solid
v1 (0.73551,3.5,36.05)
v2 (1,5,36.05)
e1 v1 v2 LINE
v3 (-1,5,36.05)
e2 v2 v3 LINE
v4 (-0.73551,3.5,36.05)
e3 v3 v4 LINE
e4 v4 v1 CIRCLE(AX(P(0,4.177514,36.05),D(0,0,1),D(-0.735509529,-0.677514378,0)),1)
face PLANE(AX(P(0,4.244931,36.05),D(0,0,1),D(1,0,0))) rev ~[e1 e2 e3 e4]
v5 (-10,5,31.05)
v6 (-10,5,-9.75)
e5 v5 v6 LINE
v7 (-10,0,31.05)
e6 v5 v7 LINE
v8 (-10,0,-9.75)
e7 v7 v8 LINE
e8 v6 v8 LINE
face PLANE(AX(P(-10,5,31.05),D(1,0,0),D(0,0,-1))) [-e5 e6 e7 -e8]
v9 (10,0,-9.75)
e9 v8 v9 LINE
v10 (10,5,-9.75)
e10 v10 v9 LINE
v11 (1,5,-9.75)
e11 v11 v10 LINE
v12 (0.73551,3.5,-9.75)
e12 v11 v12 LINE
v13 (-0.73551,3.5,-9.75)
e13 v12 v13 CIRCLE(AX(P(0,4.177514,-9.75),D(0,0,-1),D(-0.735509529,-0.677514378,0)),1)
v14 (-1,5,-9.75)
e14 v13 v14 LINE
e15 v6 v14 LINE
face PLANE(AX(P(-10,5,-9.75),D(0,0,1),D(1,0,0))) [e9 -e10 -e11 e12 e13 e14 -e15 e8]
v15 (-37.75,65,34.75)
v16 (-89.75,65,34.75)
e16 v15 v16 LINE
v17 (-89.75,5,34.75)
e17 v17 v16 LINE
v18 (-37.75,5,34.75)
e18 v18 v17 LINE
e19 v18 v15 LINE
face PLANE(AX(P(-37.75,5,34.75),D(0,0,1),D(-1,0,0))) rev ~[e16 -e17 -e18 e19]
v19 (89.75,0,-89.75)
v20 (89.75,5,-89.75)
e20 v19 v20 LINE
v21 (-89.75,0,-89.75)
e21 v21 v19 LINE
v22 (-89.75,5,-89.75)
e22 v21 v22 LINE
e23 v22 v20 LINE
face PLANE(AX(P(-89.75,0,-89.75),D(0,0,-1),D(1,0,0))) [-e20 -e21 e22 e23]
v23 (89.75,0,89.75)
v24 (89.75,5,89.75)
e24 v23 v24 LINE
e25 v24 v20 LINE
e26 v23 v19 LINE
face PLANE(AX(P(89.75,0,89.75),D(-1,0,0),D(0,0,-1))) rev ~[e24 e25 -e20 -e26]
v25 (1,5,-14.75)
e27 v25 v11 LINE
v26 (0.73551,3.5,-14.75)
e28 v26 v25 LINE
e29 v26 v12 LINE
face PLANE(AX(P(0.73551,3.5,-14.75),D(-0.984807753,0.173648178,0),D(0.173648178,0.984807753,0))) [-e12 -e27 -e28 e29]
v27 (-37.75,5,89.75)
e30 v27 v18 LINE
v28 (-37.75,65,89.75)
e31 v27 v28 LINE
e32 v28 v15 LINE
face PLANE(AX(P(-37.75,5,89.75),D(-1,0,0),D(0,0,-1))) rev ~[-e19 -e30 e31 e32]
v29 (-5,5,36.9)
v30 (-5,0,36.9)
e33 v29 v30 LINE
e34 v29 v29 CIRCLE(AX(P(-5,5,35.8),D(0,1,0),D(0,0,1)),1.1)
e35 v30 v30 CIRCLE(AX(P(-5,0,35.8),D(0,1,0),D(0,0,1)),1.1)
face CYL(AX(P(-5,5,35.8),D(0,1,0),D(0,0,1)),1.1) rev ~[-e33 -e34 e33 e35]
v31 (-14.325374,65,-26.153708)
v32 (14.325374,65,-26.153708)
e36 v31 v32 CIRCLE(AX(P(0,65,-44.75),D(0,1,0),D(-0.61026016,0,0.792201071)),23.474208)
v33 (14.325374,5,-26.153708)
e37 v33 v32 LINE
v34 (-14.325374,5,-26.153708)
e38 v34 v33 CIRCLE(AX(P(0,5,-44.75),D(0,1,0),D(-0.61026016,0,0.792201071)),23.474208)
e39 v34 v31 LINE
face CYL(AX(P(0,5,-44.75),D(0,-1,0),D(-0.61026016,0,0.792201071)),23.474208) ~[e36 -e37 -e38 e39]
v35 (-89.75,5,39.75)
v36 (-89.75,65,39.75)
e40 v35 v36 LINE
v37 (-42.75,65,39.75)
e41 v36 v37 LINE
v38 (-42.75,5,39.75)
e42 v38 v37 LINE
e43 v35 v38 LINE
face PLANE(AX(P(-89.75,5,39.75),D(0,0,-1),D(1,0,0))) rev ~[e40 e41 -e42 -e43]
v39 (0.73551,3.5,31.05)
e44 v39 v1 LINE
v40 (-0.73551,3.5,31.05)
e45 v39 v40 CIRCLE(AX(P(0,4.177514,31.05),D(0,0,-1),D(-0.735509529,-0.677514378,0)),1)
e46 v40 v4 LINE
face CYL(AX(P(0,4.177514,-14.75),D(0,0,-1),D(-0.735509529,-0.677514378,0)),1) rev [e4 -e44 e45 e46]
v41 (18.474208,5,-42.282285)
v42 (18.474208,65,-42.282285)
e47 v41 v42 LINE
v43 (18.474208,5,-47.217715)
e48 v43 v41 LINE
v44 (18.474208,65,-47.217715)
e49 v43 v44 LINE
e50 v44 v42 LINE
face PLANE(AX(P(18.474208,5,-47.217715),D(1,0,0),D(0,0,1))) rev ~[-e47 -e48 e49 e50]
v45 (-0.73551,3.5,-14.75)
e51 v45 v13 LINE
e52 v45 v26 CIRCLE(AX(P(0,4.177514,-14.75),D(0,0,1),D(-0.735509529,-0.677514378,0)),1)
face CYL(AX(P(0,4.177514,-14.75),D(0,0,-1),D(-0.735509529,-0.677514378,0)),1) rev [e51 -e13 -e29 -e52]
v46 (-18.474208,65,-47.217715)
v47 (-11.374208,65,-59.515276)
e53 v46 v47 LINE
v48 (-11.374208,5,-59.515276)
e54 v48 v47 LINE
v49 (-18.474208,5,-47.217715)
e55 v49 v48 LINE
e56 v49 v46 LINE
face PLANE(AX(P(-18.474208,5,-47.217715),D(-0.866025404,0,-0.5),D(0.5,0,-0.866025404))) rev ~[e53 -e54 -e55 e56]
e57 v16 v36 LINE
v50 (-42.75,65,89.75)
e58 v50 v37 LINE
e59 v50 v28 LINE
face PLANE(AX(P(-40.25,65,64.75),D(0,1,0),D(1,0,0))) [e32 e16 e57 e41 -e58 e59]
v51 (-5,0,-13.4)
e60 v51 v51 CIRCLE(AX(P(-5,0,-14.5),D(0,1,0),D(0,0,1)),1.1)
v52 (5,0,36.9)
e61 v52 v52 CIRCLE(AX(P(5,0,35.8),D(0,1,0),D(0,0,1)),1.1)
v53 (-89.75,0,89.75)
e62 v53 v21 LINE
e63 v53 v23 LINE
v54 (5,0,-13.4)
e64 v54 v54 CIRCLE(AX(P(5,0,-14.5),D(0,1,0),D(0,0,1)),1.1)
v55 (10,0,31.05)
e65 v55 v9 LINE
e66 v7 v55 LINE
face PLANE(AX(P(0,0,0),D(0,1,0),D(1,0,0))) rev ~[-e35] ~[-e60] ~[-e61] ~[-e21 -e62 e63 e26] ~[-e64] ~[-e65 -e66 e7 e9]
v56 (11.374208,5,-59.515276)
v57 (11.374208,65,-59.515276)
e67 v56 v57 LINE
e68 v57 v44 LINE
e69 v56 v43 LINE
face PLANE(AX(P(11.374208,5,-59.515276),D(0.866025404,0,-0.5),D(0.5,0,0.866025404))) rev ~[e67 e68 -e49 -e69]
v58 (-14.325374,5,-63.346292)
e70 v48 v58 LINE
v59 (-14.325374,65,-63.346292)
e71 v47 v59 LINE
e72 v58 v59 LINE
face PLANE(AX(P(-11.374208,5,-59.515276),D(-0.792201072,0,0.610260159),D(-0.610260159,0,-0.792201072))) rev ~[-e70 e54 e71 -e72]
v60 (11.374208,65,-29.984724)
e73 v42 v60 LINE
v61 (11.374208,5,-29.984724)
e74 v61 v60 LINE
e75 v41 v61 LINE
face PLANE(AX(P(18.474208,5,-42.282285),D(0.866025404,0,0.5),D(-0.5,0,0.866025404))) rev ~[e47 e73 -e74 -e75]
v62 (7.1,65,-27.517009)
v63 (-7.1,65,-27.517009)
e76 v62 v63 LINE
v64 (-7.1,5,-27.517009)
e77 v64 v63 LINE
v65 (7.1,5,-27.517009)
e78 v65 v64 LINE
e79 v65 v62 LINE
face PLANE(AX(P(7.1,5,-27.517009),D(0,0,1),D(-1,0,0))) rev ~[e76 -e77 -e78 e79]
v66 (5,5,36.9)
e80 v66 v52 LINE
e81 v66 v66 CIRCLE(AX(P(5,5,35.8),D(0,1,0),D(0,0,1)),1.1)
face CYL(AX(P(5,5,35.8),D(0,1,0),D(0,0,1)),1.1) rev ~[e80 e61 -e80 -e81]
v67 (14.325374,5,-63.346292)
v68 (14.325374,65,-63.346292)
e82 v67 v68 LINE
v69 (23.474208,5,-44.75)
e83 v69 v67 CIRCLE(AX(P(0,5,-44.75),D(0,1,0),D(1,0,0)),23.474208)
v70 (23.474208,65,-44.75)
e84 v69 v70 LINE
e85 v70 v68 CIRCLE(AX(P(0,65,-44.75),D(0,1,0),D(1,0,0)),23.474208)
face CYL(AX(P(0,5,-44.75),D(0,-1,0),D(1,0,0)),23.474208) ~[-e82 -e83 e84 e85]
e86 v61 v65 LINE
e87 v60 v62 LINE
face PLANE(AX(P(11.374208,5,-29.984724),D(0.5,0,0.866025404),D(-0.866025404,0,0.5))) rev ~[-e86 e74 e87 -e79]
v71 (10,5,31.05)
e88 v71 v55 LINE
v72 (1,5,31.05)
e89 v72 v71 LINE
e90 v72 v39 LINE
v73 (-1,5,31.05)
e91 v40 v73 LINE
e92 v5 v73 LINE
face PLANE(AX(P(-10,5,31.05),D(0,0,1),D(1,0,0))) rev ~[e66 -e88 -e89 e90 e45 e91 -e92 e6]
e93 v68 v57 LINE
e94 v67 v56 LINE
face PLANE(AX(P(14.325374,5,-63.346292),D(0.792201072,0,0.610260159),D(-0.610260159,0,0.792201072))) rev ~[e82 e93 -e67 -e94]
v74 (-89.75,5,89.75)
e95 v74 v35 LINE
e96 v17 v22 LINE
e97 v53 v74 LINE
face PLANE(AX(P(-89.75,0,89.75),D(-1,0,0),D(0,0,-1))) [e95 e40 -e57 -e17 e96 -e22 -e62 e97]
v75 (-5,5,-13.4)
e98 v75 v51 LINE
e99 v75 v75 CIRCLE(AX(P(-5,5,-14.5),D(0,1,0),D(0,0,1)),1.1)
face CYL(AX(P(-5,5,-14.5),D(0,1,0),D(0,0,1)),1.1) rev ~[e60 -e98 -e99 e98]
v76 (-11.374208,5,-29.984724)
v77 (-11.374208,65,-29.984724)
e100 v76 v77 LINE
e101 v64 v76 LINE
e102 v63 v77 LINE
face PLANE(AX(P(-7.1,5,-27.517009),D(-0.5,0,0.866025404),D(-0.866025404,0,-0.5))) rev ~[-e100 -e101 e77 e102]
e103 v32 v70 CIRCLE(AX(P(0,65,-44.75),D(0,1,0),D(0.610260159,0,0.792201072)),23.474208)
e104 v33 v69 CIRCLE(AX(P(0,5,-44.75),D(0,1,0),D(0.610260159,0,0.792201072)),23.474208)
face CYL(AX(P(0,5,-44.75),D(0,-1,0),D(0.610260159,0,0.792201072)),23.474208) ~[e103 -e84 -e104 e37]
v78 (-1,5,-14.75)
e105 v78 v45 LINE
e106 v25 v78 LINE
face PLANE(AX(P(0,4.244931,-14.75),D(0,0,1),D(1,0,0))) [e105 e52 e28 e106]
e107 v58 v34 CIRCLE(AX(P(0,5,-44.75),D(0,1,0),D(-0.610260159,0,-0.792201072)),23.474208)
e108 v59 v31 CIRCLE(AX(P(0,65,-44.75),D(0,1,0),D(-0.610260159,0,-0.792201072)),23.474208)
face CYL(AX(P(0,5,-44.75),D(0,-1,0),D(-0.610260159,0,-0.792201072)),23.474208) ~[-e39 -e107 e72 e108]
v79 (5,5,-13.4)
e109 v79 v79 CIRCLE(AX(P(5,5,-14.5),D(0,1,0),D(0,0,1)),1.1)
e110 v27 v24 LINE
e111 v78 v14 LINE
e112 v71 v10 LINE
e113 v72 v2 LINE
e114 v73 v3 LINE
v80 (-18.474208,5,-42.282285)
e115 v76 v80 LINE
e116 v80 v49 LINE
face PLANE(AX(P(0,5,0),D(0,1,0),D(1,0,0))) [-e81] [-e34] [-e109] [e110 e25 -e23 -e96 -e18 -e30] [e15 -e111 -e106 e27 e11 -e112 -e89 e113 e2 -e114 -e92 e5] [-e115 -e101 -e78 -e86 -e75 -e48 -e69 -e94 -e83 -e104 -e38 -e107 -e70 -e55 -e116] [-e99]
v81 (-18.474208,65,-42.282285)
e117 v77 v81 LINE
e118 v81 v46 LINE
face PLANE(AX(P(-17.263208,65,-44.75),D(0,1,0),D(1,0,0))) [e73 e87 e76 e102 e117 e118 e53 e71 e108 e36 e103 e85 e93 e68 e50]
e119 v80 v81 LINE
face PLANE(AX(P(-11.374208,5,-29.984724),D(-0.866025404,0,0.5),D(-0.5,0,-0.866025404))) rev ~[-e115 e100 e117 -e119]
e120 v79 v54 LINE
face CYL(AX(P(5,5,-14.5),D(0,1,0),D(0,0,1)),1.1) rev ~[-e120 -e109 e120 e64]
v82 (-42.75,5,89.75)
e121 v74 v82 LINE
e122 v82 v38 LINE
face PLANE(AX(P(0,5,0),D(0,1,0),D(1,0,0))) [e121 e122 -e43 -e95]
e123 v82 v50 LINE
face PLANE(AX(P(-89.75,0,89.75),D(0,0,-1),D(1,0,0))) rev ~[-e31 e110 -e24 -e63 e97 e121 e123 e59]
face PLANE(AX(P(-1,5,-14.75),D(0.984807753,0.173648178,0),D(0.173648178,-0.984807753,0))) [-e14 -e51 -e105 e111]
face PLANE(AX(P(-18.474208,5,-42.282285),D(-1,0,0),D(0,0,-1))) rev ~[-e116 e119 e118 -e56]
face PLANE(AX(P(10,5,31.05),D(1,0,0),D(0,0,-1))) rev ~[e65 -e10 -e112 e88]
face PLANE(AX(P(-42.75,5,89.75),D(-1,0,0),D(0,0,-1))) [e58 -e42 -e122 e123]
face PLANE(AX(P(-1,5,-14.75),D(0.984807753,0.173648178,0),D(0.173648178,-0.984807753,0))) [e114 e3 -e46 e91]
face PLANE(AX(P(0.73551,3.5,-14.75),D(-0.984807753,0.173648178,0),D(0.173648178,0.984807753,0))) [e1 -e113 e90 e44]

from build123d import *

# Parameters (mm, degrees)
SKETCH2_W           = 179.5
SKETCH2_H           = 179.5
BOSS_EXTRUDE1_DEPTH = 5
BOSS_EXTRUDE2_DEPTH = 60
SKETCH4_W           = 20
SKETCH4_H           = 40.8
SKETCH4_R           = 2.25
CUT_EXTRUDE1_DEPTH  = 5
CUT_EXTRUDE2_START  = -5
CUT_EXTRUDE2_DEPTH  = 50.8
SKETCH6_R           = 1.1
CUT_EXTRUDE3_DEPTH  = 5
SKETCH7_W           = 5
SKETCH7_H           = 50
BOSS_EXTRUDE3_DEPTH = 60


with BuildPart() as part:
    # Sketch2 → Boss-Extrude1 (new body)
    with BuildSketch(Plane(origin=(0, 0, 0), x_dir=(1, 0, 0), z_dir=(0, 1, 0))):
        Rectangle(SKETCH2_W, SKETCH2_H)
    extrude(amount=BOSS_EXTRUDE1_DEPTH)

    # Sketch3 → Boss-Extrude2 (add)
    with BuildSketch(Plane(origin=(0, 5, 0), x_dir=(1, 0, 0), z_dir=(0, 1, 0))):
        with BuildLine():
            Line((-14.325373702, 26.15370755), (-11.374207646, 29.984724331))
            Line((-11.374207646, 29.984724331), (-18.474207646, 42.282285065))
            Line((-18.474207646, 42.282285065), (-18.474207646, 47.217714935))
            Line((-18.474207646, 47.217714935), (-11.374207646, 59.515275669))
            Line((-11.374207646, 59.515275669), (-14.325373702, 63.34629245))
            ThreePointArc((-14.325373702, 63.34629245), (-23.474207646, 44.75), (-14.325373702, 26.15370755))
        make_face()
        with BuildLine():
            Line((11.374207646, 29.984724331), (14.325373702, 26.15370755))
            ThreePointArc((14.325373702, 26.15370755), (21.063181402, 34.387528584), (23.474207646, 44.75))
            ThreePointArc((23.474207646, 44.75), (21.063181402, 55.112471416), (14.325373702, 63.34629245))
            Line((14.325373702, 63.34629245), (11.374207646, 59.515275669))
            Line((11.374207646, 59.515275669), (18.474207646, 47.217714935))
            Line((18.474207646, 47.217714935), (18.474207646, 42.282285065))
            Line((18.474207646, 42.282285065), (11.374207646, 29.984724331))
        make_face()
        with BuildLine():
            Line((-7.1, 27.517009396), (-11.374207646, 29.984724331))
            Line((-11.374207646, 29.984724331), (-14.325373702, 26.15370755))
            ThreePointArc((-14.325373702, 26.15370755), (0, 21.275792354), (14.325373702, 26.15370755))
            Line((14.325373702, 26.15370755), (11.374207646, 29.984724331))
            Line((11.374207646, 29.984724331), (7.1, 27.517009396))
            Line((7.1, 27.517009396), (-7.1, 27.517009396))
        make_face()
    extrude(amount=BOSS_EXTRUDE2_DEPTH)

    # Sketch4 → Cut-Extrude1 (cut)
    with BuildSketch(Plane(origin=(0, 5, 0), x_dir=(1, 0, 0), z_dir=(0, 1, 0))):
        with Locations((0, -10.65)):
            Rectangle(SKETCH4_W, SKETCH4_H)
        with Locations((0, -0.25)):
            Circle(SKETCH4_R, mode=Mode.SUBTRACT)
        with Locations((0, -0.25)):
            Circle(SKETCH4_R)
    extrude(amount=-CUT_EXTRUDE1_DEPTH, mode=Mode.SUBTRACT)

    # Sketch5 → Cut-Extrude2 (cut)
    with BuildSketch(Plane.XY.offset(-9.75).offset(CUT_EXTRUDE2_START)):
        with BuildLine():
            Line((-1, 5), (-0.735509529, 3.5))
            ThreePointArc((-0.735509529, 3.5), (0, 3.177514378), (0.735509529, 3.5))
            Line((0.735509529, 3.5), (1, 5))
            Line((1, 5), (-1, 5))
        make_face()
    extrude(amount=CUT_EXTRUDE2_DEPTH, mode=Mode.SUBTRACT)

    # Sketch6 → Cut-Extrude3 (cut)
    with BuildSketch(Plane(origin=(0, 5, 0), x_dir=(1, 0, 0), z_dir=(0, 1, 0))):
        with Locations(Location((-5, 14.5, 0), (0, 0, 270))):
            Circle(SKETCH6_R)
        with Locations(Location((5, 14.5, 0), (0, 0, 270))):
            Circle(SKETCH6_R)
        with Locations(Location((5, -35.8, 0), (0, 0, 270))):
            Circle(SKETCH6_R)
        with Locations(Location((-5, -35.8, 0), (0, 0, 270))):
            Circle(SKETCH6_R)
    extrude(amount=-CUT_EXTRUDE3_DEPTH, mode=Mode.SUBTRACT)

    # Sketch7 → Boss-Extrude3 (add)
    with BuildSketch(Plane(origin=(0, 5, 0), x_dir=(1, 0, 0), z_dir=(0, 1, 0))):
        with Locations((-40.25, -64.75)):
            Rectangle(SKETCH7_W, SKETCH7_H)
        Polygon((-89.75, -34.75), (-89.75, -39.75), (-42.75, -39.75), (-37.75, -39.75), (-37.75, -34.75), align=None)
    extrude(amount=BOSS_EXTRUDE3_DEPTH)


solid = part.part
